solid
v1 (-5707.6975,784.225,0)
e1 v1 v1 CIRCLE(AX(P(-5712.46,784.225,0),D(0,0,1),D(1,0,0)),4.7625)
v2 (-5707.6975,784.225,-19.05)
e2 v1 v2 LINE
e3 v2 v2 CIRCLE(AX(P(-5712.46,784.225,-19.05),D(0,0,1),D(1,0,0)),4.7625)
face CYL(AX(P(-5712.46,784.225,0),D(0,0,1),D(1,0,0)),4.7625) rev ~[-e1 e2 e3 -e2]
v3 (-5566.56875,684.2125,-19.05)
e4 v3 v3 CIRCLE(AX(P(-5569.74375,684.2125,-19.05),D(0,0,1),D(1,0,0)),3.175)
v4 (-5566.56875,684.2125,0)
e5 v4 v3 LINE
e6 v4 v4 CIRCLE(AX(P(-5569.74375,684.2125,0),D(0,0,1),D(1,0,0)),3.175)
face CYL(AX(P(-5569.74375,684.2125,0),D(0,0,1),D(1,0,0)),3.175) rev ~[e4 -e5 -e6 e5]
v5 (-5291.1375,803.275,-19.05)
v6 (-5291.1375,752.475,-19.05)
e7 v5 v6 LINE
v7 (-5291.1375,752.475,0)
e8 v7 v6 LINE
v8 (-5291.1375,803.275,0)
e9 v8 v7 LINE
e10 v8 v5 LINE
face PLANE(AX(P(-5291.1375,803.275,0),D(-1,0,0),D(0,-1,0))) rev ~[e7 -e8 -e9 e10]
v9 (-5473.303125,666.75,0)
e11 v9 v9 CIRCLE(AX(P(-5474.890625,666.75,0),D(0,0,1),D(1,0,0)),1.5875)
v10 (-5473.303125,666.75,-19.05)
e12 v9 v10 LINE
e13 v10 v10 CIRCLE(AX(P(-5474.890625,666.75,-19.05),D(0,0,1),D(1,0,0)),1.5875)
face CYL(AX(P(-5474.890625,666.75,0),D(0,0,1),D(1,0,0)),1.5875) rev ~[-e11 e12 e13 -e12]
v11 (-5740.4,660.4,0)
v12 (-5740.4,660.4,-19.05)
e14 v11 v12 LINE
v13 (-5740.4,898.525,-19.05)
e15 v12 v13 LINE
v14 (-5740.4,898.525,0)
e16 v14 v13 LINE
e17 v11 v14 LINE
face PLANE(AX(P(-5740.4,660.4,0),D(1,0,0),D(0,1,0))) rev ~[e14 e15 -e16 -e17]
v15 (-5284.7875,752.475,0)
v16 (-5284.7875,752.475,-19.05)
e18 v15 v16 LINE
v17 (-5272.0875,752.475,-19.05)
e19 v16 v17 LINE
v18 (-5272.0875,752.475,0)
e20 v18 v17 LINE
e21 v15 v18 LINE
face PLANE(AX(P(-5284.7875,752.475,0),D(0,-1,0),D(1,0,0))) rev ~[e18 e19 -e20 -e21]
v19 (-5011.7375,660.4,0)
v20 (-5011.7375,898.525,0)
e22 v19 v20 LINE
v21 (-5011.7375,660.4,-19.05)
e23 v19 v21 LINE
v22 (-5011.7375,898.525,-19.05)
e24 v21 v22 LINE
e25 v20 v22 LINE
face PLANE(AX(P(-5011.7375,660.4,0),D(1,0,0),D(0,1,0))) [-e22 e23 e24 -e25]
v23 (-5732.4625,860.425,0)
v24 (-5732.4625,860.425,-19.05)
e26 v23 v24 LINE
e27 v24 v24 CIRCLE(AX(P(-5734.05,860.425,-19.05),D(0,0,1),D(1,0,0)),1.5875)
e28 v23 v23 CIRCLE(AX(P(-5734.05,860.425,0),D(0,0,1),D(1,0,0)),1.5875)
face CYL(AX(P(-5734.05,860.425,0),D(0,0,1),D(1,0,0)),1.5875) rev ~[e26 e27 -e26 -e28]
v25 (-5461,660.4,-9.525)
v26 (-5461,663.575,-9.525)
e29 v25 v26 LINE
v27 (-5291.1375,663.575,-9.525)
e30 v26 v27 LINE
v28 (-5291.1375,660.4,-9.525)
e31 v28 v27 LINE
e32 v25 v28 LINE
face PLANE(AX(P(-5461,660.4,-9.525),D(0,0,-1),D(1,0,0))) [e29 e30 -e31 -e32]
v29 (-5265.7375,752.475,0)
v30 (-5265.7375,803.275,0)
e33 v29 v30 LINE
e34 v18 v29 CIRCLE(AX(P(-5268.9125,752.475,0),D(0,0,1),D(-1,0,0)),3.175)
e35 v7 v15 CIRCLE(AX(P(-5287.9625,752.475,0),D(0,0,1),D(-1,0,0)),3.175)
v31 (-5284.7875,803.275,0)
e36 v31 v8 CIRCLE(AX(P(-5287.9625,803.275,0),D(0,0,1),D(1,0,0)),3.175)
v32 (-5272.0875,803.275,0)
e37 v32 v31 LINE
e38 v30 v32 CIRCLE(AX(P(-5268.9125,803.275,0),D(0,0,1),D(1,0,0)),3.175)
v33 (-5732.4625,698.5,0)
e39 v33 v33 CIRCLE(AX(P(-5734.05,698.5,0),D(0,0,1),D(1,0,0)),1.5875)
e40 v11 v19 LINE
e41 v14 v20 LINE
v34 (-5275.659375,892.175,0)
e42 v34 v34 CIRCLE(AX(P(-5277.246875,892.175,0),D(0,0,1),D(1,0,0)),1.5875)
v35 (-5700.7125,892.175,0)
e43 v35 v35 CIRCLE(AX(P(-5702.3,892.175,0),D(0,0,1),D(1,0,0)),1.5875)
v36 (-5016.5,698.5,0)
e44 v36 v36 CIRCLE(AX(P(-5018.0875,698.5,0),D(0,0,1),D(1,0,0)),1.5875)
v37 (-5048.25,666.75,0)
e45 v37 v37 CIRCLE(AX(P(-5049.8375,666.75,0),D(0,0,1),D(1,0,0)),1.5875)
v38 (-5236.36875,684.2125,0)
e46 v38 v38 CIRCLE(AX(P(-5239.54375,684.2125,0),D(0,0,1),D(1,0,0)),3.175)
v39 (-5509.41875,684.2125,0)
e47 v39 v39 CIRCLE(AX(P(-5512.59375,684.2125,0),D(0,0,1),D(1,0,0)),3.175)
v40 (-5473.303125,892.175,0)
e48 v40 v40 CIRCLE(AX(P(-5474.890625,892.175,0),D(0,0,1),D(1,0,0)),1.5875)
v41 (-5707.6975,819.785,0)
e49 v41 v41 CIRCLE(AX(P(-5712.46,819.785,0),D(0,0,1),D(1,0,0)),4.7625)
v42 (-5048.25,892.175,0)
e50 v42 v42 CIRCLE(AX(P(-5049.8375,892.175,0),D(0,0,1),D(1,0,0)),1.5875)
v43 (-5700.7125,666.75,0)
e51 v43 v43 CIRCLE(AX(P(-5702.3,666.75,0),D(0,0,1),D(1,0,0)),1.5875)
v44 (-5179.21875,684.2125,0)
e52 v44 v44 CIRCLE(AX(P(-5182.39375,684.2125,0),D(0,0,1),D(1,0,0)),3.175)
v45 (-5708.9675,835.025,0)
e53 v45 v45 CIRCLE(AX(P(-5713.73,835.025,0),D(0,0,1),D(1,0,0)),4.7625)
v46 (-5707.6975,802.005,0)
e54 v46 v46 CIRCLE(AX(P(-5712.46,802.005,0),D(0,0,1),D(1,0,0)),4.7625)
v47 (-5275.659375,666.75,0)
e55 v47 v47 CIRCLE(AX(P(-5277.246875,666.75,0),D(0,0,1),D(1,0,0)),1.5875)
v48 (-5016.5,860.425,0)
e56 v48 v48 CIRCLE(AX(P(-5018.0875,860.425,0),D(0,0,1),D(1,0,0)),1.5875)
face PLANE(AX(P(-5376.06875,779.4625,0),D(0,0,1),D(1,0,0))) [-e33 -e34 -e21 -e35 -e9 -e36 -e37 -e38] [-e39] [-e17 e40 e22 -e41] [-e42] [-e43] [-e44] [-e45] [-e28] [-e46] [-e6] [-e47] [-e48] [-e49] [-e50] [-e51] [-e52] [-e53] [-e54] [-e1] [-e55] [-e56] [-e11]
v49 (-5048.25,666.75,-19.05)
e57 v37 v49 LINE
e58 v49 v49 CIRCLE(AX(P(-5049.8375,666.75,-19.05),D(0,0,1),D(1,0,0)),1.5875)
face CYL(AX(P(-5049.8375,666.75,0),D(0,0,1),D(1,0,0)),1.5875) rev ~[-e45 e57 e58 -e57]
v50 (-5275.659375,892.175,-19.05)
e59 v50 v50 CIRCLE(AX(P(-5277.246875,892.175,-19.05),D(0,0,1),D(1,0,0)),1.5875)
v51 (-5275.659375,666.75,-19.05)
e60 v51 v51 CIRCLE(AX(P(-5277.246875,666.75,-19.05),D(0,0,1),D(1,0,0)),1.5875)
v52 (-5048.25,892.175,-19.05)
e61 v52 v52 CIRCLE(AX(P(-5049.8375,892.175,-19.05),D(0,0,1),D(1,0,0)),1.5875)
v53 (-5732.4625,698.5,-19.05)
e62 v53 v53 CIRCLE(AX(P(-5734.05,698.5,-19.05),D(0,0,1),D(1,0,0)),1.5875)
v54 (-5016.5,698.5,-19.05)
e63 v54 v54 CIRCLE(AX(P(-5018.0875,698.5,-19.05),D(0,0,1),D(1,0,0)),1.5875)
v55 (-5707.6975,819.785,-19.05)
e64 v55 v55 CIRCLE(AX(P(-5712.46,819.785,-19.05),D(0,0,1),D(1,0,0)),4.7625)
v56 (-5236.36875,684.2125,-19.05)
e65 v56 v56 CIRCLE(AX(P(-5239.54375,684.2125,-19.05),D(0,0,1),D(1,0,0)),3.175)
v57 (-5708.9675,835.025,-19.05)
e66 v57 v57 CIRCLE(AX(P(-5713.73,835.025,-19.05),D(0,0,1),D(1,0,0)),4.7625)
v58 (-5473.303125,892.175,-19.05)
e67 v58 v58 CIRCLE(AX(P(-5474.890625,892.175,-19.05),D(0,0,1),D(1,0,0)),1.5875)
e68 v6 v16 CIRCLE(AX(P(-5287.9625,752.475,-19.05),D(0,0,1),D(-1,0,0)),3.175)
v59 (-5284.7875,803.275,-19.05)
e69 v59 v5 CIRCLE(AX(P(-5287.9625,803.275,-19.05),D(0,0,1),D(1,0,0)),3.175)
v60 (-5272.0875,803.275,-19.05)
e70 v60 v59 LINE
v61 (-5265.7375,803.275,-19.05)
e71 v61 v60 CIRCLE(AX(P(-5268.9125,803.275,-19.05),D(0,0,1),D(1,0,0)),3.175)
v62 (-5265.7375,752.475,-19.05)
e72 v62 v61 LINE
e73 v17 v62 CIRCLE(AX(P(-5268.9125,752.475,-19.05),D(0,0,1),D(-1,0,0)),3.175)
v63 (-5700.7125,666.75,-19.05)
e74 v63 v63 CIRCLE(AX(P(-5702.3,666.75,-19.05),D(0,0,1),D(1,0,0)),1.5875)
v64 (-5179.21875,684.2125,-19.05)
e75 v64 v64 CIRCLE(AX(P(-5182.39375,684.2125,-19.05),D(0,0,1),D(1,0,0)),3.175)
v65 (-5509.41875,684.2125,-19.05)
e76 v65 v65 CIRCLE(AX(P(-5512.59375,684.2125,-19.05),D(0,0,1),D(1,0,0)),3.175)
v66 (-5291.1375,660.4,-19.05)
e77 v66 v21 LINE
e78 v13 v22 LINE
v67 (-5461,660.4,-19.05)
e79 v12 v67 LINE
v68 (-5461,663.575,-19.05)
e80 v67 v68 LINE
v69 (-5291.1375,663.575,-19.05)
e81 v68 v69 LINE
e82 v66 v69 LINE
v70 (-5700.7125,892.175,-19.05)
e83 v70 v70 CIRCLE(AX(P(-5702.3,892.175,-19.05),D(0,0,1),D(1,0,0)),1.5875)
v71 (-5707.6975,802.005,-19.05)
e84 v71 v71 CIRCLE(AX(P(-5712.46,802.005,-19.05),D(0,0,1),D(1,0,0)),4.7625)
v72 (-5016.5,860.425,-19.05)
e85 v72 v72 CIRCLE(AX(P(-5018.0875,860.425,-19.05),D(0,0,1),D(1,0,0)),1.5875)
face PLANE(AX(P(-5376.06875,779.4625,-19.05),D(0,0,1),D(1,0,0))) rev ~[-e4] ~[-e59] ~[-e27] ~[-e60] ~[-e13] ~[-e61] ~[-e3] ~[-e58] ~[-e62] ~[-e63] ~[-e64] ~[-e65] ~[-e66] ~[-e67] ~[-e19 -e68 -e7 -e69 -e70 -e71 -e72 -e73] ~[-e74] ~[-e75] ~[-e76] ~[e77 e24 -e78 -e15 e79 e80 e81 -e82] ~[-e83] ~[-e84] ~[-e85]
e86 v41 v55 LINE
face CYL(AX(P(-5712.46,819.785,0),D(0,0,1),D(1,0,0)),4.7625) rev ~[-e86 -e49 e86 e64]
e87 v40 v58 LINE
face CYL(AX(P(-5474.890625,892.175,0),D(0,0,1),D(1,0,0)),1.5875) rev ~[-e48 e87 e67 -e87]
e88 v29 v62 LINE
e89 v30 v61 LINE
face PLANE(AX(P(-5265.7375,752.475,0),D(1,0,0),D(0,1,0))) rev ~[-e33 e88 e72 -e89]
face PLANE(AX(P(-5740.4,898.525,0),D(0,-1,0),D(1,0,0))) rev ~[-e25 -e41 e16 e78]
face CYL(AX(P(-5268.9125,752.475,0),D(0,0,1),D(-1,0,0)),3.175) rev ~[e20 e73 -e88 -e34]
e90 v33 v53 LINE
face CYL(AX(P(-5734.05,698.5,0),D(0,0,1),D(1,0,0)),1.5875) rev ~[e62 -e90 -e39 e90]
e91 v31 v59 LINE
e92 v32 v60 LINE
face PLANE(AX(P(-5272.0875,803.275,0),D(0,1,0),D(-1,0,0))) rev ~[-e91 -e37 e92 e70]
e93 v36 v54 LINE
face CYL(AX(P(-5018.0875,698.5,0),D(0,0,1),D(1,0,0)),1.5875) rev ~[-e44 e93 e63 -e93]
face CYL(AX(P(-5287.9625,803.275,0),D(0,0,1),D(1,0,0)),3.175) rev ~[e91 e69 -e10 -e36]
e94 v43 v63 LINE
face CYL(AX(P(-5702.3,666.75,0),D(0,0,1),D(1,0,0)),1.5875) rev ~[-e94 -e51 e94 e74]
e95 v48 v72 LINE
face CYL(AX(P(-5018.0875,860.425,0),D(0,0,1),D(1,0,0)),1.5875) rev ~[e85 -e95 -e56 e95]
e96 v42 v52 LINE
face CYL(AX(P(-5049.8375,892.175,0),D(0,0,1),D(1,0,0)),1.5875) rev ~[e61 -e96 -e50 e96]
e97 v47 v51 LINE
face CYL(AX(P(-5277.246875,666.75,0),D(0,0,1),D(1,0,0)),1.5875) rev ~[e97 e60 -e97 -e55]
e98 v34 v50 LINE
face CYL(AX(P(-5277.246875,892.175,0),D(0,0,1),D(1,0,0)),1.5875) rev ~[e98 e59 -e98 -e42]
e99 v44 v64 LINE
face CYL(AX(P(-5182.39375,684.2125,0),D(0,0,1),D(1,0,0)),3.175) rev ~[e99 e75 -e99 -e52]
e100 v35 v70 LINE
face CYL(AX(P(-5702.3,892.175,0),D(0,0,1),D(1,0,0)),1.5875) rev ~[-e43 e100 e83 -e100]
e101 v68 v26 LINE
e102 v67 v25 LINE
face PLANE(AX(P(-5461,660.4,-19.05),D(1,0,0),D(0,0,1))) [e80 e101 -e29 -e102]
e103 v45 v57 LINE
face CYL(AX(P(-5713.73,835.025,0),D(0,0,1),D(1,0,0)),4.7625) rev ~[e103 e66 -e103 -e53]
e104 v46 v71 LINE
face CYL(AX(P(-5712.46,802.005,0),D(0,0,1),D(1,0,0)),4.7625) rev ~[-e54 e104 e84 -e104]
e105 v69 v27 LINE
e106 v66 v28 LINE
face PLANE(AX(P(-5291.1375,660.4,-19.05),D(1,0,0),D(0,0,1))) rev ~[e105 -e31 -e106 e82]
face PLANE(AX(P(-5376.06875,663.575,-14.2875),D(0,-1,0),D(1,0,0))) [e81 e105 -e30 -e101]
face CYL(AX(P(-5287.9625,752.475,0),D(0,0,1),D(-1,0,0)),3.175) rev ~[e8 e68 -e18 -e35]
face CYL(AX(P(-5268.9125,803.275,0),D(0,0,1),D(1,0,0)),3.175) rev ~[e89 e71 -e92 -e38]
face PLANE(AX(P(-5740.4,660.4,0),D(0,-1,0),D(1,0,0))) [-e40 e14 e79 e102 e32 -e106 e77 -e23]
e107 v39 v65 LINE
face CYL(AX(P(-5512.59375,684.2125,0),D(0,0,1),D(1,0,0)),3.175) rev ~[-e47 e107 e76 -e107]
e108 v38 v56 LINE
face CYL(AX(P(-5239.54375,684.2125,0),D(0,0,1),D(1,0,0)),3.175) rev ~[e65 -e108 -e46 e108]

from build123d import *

# Parameters (mm, degrees)
SKETCH2_W          = 728.6625
SKETCH2_H          = 238.125
EXTRUDE1_DEPTH     = 19.05
SKETCH3_R          = 1.5875
SKETCH3_R_2        = 4.7625
SKETCH3_R_3        = 3.175
CUT_EXTRUDE1_DEPTH = 19.05
SKETCH4_W          = 169.8625
SKETCH4_H          = 9.525
CUT_EXTRUDE2_DEPTH = 3.175


with BuildPart() as part:
    # Sketch2 → Extrude1 (new body)
    with BuildSketch(Plane.XY):
        with Locations((-5376.06875, 779.4625)):
            Rectangle(SKETCH2_W, SKETCH2_H)
    extrude(amount=-EXTRUDE1_DEPTH)

    # Sketch3 → Cut-Extrude1 (cut)
    with BuildSketch(Plane.XY):
        with Locations((-5702.3, 892.175)):
            Circle(SKETCH3_R)
        with Locations((-5734.05, 860.425)):
            Circle(SKETCH3_R)
        with Locations((-5713.73, 835.025)):
            Circle(SKETCH3_R_2)
        with Locations((-5712.46, 819.785)):
            Circle(SKETCH3_R_2)
        with Locations((-5712.46, 802.005)):
            Circle(SKETCH3_R_2)
        with Locations((-5712.46, 784.225)):
            Circle(SKETCH3_R_2)
        with Locations((-5734.05, 698.5)):
            Circle(SKETCH3_R)
        with Locations((-5702.3, 666.75)):
            Circle(SKETCH3_R)
        with Locations((-5569.74375, 684.2125)):
            Circle(SKETCH3_R_3)
        with Locations((-5512.59375, 684.2125)):
            Circle(SKETCH3_R_3)
        with Locations((-5474.890625, 666.75)):
            Circle(SKETCH3_R)
        with Locations((-5277.246875, 666.75)):
            Circle(SKETCH3_R)
        with Locations((-5239.54375, 684.2125)):
            Circle(SKETCH3_R_3)
        with Locations((-5182.39375, 684.2125)):
            Circle(SKETCH3_R_3)
        with Locations((-5049.8375, 666.75)):
            Circle(SKETCH3_R)
        with Locations((-5018.0875, 698.5)):
            Circle(SKETCH3_R)
        with Locations((-5018.0875, 860.425)):
            Circle(SKETCH3_R)
        with Locations((-5049.8375, 892.175)):
            Circle(SKETCH3_R)
        with Locations((-5277.246875, 892.175)):
            Circle(SKETCH3_R)
        with Locations((-5474.890625, 892.175)):
            Circle(SKETCH3_R)
        with BuildLine():
            Line((-5291.1375, 803.275), (-5291.1375, 752.475))
            ThreePointArc((-5291.1375, 752.475), (-5287.9625, 749.3), (-5284.7875, 752.475))
            Line((-5284.7875, 752.475), (-5272.0875, 752.475))
            ThreePointArc((-5272.0875, 752.475), (-5268.9125, 749.3), (-5265.7375, 752.475))
            Line((-5265.7375, 752.475), (-5265.7375, 803.275))
            ThreePointArc((-5265.7375, 803.275), (-5268.9125, 806.45), (-5272.0875, 803.275))
            Line((-5272.0875, 803.275), (-5284.7875, 803.275))
            ThreePointArc((-5284.7875, 803.275), (-5287.9625, 806.45), (-5291.1375, 803.275))
        make_face()
    extrude(amount=-CUT_EXTRUDE1_DEPTH, mode=Mode.SUBTRACT)

    # Sketch4 → Cut-Extrude2 (cut)
    with BuildSketch(Plane.XZ.offset(-660.4)):
        with Locations((-5376.06875, -14.2875)):
            Rectangle(SKETCH4_W, SKETCH4_H)
    extrude(amount=-CUT_EXTRUDE2_DEPTH, mode=Mode.SUBTRACT)


solid = part.part
